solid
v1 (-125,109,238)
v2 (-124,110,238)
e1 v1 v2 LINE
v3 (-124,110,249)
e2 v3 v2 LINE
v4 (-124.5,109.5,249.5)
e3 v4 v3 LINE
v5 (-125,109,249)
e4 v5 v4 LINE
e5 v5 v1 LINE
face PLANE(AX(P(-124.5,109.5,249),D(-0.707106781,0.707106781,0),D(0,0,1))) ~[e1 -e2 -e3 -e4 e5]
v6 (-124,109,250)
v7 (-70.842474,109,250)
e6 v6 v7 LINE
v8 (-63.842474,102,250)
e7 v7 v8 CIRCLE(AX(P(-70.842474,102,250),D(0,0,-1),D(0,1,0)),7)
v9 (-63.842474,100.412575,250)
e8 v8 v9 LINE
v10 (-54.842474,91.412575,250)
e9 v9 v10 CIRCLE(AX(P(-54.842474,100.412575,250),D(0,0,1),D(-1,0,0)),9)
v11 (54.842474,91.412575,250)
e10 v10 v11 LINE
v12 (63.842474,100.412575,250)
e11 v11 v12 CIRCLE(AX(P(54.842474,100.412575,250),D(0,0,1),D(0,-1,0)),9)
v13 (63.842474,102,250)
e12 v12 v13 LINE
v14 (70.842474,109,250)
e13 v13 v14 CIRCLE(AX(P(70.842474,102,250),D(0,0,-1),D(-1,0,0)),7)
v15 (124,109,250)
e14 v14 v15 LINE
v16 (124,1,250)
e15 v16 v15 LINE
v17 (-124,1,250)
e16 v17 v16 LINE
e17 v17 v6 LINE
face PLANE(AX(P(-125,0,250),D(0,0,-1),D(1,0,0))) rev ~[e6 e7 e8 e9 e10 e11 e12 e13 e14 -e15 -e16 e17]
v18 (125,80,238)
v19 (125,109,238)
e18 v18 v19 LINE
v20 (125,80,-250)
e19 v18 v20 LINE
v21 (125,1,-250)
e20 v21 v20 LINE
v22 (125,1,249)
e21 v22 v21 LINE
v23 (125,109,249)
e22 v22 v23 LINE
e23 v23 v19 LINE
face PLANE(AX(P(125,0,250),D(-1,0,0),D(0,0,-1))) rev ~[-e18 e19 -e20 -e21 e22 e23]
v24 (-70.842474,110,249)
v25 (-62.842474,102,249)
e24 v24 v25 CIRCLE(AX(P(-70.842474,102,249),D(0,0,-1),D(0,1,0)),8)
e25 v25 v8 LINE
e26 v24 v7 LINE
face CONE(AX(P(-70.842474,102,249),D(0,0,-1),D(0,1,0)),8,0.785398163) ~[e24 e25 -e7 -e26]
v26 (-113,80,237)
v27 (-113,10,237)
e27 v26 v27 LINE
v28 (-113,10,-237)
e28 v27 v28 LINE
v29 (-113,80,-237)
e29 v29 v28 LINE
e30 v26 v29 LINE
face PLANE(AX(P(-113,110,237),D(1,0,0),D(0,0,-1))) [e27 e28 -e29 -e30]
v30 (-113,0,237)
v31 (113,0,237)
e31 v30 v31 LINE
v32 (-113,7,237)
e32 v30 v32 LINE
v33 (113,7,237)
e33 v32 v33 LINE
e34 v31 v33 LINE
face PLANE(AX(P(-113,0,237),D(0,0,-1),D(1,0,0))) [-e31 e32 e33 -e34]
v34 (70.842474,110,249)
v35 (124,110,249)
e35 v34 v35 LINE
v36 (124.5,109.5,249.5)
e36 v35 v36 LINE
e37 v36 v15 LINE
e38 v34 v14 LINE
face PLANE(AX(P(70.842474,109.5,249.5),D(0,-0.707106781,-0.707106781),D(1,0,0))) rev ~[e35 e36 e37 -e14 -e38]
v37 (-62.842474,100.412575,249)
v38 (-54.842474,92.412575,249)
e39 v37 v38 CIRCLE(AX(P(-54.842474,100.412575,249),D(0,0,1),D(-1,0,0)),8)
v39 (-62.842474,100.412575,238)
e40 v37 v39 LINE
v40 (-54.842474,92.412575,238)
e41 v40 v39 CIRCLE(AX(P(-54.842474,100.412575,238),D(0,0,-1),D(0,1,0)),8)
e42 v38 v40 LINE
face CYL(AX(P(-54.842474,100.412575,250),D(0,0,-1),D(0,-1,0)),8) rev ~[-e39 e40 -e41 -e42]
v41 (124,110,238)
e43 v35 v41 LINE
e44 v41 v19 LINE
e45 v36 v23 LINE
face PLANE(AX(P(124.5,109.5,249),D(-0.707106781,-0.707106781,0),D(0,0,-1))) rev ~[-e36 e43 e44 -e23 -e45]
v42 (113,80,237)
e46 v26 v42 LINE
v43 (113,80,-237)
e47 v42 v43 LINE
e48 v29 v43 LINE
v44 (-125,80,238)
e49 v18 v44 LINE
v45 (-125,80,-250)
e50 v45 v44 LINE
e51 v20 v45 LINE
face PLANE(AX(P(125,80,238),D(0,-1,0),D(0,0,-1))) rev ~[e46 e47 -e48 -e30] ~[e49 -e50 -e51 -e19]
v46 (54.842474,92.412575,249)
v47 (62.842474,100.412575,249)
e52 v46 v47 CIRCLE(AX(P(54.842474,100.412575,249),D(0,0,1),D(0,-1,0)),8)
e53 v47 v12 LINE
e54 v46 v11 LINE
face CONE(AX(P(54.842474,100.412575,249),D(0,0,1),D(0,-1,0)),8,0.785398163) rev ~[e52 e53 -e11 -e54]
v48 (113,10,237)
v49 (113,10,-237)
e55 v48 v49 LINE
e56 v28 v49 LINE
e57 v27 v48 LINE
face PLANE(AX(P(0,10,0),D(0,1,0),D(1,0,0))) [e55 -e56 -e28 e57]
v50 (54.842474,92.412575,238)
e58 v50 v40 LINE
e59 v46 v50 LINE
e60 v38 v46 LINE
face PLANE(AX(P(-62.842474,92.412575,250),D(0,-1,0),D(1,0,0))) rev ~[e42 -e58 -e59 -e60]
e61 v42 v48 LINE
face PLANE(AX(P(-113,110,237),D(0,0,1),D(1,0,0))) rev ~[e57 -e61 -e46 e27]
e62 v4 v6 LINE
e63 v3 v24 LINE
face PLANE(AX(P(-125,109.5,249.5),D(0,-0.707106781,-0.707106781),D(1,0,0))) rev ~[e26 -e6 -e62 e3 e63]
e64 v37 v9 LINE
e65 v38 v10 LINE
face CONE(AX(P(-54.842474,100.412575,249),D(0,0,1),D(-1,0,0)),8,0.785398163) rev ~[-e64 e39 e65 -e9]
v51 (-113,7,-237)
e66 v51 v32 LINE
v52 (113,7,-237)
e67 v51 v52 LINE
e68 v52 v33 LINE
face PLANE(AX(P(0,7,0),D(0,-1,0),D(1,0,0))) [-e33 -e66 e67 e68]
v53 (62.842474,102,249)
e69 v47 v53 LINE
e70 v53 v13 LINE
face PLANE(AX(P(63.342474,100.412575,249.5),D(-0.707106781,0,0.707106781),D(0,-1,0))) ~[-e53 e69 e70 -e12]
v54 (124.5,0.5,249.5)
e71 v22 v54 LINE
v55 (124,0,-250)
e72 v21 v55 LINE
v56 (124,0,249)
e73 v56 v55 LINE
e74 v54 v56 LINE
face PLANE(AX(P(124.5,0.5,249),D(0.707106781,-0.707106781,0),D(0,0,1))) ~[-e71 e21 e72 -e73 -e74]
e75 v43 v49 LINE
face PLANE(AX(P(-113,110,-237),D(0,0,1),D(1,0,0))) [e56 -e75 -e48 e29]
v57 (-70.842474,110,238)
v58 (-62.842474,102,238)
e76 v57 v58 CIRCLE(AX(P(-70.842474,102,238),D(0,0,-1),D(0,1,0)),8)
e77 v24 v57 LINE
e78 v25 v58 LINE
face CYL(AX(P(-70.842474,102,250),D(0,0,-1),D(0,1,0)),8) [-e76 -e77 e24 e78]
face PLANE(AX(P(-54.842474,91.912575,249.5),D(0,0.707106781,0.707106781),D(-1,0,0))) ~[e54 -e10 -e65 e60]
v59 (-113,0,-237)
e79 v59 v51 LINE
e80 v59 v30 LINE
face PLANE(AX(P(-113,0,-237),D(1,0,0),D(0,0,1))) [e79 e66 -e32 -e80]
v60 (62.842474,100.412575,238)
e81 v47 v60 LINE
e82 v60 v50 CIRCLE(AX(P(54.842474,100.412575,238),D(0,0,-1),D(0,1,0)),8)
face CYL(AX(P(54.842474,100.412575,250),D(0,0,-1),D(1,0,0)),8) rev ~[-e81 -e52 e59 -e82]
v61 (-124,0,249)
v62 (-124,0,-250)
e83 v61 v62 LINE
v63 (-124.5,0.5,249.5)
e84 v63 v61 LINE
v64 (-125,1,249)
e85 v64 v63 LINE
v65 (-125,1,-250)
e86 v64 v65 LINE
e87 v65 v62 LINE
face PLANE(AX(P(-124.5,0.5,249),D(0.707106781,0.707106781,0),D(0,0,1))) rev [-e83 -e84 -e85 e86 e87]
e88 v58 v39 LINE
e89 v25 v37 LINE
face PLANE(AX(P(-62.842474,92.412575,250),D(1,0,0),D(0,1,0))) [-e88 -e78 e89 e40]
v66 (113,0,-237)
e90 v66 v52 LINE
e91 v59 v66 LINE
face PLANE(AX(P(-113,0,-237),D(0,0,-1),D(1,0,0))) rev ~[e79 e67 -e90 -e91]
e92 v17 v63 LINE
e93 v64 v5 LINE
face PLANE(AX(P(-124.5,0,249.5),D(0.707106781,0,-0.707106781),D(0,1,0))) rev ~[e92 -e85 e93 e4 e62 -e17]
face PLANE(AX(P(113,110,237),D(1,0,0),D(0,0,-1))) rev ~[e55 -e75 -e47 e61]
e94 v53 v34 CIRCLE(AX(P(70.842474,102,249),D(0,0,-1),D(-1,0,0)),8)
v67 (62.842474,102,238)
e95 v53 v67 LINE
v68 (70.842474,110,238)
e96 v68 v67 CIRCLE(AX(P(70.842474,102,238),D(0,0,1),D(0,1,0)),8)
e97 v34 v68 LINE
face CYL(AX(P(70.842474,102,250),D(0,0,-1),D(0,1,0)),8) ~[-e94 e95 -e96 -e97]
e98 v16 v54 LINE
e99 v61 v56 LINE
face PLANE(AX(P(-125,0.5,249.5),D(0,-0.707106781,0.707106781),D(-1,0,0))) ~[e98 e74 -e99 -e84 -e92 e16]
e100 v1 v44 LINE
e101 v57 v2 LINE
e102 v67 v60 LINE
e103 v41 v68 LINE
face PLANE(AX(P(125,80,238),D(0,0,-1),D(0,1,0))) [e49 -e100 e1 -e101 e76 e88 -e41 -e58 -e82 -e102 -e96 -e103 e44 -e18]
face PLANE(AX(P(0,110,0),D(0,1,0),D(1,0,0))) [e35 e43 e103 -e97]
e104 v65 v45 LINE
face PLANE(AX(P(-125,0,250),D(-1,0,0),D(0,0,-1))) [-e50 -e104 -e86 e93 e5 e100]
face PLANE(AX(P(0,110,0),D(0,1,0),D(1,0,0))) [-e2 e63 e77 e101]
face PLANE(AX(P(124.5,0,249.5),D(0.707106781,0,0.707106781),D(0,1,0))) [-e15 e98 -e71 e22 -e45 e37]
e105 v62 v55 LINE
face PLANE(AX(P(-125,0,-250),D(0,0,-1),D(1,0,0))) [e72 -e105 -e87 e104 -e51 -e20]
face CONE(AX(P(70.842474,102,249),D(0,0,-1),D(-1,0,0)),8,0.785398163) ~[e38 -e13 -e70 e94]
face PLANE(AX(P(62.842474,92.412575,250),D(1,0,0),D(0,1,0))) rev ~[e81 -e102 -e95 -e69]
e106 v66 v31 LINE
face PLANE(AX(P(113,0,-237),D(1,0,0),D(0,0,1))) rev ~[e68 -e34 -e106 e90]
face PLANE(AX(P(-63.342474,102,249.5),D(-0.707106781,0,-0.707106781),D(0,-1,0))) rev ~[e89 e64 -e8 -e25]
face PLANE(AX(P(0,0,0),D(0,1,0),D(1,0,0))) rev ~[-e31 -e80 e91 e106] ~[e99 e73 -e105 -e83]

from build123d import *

# Parameters (mm, degrees)
SKETCH1_W           = 250
SKETCH1_H           = 500
BOSS_EXTRUDE1_DEPTH = 110
SKETCH2_W           = 226
SKETCH2_H           = 474
CUT_EXTRUDE1_DEPTH  = 100
SKETCH3_W           = 226
SKETCH3_H           = 474
CUT_EXTRUDE2_DEPTH  = 7
SKETCH4_W           = 531.711239379
SKETCH4_H           = 96.104903681
CUT_EXTRUDE3_DEPTH  = 251
SKETCH5_W           = 125.68494841
SKETCH5_H           = 51.126080709
CUT_EXTRUDE4_DEPTH  = 15
FILLET1_R           = 8
CHAMFER1_SIZE       = 1
CHAMFER2_SIZE       = 1


with BuildPart() as part:
    # Sketch1 → Boss-Extrude1 (new body)
    with BuildSketch(Plane(origin=(0, 0, 0), x_dir=(1, 0, 0), z_dir=(0, 1, 0))):
        Rectangle(SKETCH1_W, SKETCH1_H)
    extrude(amount=BOSS_EXTRUDE1_DEPTH)

    # Sketch2 → Cut-Extrude1 (cut)
    with BuildSketch(Plane(origin=(0, 110, 0), x_dir=(1, 0, 0), z_dir=(0, 1, 0))):
        Rectangle(SKETCH2_W, SKETCH2_H)
    extrude(amount=-CUT_EXTRUDE1_DEPTH, mode=Mode.SUBTRACT)

    # Sketch3 → Cut-Extrude2 (cut)
    with BuildSketch(Plane.XZ):
        Rectangle(SKETCH3_W, SKETCH3_H)
    extrude(amount=-CUT_EXTRUDE2_DEPTH, mode=Mode.SUBTRACT)

    # Sketch4 → Cut-Extrude3 (cut, through all)
    with BuildSketch(Plane(origin=(125, 0, 0), x_dir=(0, 0, -1), z_dir=(1, 0, 0))):
        with Locations((27.855619689, 128.05245184)):
            Rectangle(SKETCH4_W, SKETCH4_H)
    extrude(amount=-CUT_EXTRUDE3_DEPTH, mode=Mode.SUBTRACT)

    # Sketch5 → Cut-Extrude4 (cut)
    with BuildSketch(Plane.XY.offset(250)):
        with Locations((0, 117.975615041)):
            Rectangle(SKETCH5_W, SKETCH5_H)
    extrude(amount=-CUT_EXTRUDE4_DEPTH, mode=Mode.SUBTRACT)

    # Fillet1
    fillet1_edges = [part.edges().sort_by_distance(p)[0] for p in [
        (62.842474205, 110, 244),
        (62.842474205, 92.412574686, 244),
        (-62.842474205, 110, 244),
        (-62.842474205, 92.412574686, 244),
    ]]
    fillet(fillet1_edges, radius=FILLET1_R)

    # Chamfer1
    chamfer1_edges = [part.edges().sort_by_distance(p)[0] for p in [
        (-97.921237103, 110, 250),
        (0, 0, 250),
        (125, 55, 250),
        (-125, 55, 250),
        (62.842474205, 101.206287343, 250),
        (0, 92.412574686, 250),
        (97.921237103, 110, 250),
        (-62.842474205, 101.206287343, 250),
        (-65.185619956, 107.656854249, 250),
        (65.185619956, 107.656854249, 250),
        (60.499328455, 94.755720436, 250),
        (-60.499328455, 94.755720436, 250),
    ]]
    chamfer(chamfer1_edges, length=CHAMFER1_SIZE)

    # Chamfer2
    chamfer2_edges = [part.edges().sort_by_distance(p)[0] for p in [
        (125, 110, 243.5),
        (125, 0, -0.5),
        (-125, 110, 243.5),
        (-125, 0, -0.5),
    ]]
    chamfer(chamfer2_edges, length=CHAMFER2_SIZE)


solid = part.part
